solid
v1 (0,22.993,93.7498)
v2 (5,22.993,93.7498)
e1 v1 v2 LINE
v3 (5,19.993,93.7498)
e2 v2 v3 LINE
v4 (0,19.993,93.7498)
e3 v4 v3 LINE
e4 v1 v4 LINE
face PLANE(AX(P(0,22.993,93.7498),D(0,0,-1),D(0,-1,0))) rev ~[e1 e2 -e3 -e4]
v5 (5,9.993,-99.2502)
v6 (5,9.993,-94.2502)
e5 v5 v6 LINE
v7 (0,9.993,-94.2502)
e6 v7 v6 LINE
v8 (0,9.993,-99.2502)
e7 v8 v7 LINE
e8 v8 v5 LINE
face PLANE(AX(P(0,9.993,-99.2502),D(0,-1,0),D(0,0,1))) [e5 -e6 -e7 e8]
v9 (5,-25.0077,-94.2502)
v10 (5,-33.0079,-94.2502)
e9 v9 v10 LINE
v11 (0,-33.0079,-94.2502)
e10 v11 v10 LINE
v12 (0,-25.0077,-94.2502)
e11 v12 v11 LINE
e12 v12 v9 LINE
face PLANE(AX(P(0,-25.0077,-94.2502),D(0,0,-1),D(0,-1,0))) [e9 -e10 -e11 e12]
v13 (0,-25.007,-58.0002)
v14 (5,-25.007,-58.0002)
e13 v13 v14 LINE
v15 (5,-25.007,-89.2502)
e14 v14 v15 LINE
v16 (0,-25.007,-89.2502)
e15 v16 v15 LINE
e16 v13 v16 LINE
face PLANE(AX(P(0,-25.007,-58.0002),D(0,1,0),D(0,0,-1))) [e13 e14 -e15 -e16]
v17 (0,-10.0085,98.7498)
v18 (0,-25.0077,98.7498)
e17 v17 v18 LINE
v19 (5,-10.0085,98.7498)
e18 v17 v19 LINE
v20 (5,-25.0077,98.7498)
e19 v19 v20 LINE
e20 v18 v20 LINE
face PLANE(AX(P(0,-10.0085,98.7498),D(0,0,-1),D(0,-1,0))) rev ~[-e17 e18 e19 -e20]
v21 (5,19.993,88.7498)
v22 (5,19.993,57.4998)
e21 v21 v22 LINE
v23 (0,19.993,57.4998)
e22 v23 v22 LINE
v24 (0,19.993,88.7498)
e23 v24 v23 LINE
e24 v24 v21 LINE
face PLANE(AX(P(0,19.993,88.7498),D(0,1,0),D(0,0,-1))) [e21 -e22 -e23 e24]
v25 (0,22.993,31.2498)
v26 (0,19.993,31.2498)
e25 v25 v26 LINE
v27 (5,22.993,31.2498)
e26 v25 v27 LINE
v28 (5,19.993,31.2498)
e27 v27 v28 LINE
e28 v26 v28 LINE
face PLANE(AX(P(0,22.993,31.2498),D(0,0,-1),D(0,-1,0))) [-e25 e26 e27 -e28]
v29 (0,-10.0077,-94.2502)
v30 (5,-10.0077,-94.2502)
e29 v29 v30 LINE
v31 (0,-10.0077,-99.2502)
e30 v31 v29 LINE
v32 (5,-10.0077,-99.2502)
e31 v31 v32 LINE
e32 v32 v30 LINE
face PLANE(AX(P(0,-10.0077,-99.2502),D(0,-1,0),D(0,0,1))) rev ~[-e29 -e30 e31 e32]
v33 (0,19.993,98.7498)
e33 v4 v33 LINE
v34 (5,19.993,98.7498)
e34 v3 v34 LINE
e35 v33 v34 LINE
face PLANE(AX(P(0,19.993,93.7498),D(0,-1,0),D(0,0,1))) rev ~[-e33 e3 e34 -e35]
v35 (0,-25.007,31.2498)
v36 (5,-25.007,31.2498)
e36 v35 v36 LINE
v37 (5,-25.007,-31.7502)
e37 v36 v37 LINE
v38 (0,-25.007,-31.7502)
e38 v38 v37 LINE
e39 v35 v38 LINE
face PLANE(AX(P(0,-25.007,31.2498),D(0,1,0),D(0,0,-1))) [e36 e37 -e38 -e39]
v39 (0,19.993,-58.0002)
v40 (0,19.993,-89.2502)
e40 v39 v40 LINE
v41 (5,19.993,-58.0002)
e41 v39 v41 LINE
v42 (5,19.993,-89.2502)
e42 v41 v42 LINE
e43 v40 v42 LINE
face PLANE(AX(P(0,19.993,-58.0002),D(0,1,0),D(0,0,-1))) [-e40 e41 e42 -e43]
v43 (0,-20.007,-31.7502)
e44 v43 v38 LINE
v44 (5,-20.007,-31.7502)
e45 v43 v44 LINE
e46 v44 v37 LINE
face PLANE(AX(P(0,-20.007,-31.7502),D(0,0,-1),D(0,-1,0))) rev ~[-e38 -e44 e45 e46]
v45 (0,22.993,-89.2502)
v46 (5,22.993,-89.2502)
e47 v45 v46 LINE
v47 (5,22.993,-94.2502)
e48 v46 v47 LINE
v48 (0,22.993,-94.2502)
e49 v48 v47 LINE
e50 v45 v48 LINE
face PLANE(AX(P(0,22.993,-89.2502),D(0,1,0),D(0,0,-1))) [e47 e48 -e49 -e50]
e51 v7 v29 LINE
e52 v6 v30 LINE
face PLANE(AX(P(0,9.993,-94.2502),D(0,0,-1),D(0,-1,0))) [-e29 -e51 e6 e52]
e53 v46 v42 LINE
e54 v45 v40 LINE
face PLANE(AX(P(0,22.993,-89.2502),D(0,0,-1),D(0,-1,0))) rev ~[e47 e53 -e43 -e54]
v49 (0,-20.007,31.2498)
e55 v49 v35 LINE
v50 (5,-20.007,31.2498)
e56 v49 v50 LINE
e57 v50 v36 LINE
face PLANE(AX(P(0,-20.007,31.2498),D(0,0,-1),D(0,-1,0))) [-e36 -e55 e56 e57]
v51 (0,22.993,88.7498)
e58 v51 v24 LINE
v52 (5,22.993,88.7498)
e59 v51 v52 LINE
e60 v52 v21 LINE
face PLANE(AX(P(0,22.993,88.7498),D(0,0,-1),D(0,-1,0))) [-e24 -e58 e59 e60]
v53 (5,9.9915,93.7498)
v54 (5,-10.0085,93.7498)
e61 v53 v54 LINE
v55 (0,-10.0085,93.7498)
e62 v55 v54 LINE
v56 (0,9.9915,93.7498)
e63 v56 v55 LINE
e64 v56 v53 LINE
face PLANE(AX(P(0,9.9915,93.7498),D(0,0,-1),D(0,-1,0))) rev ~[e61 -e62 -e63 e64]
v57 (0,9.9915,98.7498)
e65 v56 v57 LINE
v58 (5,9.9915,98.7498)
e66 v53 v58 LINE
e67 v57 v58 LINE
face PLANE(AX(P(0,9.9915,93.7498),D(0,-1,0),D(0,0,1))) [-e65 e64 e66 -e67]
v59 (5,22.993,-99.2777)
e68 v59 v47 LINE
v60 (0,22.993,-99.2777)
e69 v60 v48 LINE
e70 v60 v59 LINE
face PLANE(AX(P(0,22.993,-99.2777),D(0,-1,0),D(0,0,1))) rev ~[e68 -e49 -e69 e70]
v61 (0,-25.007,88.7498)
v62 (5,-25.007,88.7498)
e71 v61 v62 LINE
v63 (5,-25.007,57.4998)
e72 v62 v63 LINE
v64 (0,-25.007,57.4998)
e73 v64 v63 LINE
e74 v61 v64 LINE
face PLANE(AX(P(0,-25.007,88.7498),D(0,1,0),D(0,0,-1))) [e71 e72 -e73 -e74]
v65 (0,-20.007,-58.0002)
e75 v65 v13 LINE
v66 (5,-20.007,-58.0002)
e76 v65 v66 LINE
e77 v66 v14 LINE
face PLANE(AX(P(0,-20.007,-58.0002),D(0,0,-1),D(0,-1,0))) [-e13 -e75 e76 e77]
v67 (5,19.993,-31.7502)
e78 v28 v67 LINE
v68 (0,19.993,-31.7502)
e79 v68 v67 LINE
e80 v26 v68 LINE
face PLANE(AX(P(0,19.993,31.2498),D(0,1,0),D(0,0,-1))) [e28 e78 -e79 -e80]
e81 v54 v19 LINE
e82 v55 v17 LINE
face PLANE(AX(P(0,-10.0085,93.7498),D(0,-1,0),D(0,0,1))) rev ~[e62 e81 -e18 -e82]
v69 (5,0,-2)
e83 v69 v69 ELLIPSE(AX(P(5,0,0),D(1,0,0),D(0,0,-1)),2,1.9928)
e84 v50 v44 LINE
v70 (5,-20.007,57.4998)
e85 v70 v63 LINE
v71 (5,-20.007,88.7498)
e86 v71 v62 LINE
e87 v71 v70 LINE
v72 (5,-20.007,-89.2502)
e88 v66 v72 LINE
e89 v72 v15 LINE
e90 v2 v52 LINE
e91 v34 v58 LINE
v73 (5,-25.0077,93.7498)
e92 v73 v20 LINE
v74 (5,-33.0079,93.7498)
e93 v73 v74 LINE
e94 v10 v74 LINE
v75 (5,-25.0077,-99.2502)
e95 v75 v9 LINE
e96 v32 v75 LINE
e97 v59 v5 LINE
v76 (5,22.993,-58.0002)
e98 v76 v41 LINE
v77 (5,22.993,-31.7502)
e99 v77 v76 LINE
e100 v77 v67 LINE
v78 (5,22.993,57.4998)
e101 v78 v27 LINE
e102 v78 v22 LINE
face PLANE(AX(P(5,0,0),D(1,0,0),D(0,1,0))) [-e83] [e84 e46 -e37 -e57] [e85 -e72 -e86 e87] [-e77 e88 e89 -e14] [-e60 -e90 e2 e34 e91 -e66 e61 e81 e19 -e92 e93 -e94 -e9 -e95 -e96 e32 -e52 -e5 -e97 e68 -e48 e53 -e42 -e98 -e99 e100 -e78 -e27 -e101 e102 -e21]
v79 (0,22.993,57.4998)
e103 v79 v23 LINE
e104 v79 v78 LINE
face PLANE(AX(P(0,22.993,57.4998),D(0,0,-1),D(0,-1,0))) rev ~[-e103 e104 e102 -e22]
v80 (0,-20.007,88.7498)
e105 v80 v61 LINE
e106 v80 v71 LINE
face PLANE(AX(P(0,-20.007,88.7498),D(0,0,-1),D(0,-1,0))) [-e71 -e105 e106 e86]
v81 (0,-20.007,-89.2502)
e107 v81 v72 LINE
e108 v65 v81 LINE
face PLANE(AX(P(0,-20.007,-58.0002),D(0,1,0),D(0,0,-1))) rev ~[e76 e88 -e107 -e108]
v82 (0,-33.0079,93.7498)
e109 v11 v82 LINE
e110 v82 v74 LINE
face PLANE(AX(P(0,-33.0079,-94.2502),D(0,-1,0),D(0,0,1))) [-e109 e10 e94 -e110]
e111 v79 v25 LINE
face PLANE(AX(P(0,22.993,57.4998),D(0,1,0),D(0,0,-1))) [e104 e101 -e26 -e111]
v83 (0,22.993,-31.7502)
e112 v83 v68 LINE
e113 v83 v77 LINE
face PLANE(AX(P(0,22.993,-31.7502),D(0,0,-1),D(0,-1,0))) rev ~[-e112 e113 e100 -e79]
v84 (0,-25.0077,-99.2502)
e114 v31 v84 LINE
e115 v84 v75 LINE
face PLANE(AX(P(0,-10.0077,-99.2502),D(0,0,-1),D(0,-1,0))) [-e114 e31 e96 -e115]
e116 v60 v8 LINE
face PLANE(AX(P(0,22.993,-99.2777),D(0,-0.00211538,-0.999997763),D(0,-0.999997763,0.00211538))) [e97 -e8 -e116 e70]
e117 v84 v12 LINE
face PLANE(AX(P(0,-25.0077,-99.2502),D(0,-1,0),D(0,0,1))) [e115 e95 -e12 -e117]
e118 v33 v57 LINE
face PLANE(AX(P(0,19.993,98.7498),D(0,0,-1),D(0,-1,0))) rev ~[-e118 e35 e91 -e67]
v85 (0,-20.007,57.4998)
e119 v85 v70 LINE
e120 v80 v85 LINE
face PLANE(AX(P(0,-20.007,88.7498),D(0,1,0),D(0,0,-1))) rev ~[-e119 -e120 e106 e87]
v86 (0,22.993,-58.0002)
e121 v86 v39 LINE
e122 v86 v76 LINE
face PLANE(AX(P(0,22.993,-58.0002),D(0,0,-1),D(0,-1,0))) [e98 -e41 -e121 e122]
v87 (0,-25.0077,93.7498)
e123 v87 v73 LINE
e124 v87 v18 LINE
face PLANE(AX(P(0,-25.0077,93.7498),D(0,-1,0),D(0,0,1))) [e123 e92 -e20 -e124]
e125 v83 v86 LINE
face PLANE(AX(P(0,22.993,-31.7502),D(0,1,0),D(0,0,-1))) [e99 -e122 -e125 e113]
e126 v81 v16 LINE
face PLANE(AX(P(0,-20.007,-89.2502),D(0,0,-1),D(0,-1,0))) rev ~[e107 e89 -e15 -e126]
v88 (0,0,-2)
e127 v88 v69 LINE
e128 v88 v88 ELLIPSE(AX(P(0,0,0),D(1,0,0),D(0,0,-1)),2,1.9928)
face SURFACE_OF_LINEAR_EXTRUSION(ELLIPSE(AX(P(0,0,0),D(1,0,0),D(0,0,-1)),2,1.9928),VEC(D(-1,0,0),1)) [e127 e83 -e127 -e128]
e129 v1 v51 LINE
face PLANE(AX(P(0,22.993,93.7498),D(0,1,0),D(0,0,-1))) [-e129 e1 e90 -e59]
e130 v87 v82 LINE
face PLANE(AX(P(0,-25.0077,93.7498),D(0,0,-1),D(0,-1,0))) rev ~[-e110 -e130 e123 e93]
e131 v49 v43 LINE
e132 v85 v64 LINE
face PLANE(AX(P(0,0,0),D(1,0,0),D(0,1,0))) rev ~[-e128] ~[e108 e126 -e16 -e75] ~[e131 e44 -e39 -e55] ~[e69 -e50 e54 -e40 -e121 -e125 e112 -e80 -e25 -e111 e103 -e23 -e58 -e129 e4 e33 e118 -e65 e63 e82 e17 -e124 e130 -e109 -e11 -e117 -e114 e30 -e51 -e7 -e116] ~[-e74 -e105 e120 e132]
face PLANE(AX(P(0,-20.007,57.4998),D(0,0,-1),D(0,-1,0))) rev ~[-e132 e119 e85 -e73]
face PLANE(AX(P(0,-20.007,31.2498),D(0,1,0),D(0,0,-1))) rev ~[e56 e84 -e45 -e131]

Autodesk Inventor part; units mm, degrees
ref_plane "YZ Plane" through (0, 0, 0) normal (1, 0, 0) x (0, 1, 0)
ref_plane "XZ Plane" through (0, 0, 0) normal (0, 1, 0) x (-1, 0, 0)
ref_plane "XY Plane" through (0, 0, 0) normal (0, 0, 1) x (1, 0, 0)
sketch "Sketch1" plane through (0, 0, 0) normal (1, 0, 0) x (0, 1, 0)
  ellipse E0 centre (0, 0) end of major axis (0, -2) minor radius 1.9928
  line L0 (-20.007, -58.0002) -> (-20.007, -89.2502) projected
  line L1 (-20.007, -89.2502) -> (-25.007, -89.2502) projected
  line L2 (-25.007, -58.0002) -> (-25.007, -89.2502) projected
  line L3 (-20.007, -58.0002) -> (-25.007, -58.0002) projected
  line L4 (-20.007, 31.2498) -> (-20.007, -31.7502) projected
  line L5 (-20.007, -31.7502) -> (-25.007, -31.7502) projected
  line L6 (-25.007, 31.2498) -> (-25.007, -31.7502) projected
  line L7 (-20.007, 31.2498) -> (-25.007, 31.2498) projected
  line L8 (-20.007, 88.7498) -> (-20.007, 57.4998) projected
  line L9 (-20.007, 57.4998) -> (-25.007, 57.4998) projected
  line L10 (-25.007, 88.7498) -> (-25.007, 57.4998) projected
  line L11 (-20.007, 88.7498) -> (-25.007, 88.7498) projected
  line L12 (-25.0077, 93.7498) -> (-25.0077, 98.7498) projected
  line L13 (-10.0085, 98.7498) -> (-25.0077, 98.7498) projected
  line L14 (-10.0085, 93.7498) -> (-10.0085, 98.7498) projected
  line L15 (9.9915, 93.7498) -> (9.9915, 98.7498) projected
  line L16 (19.993, 98.7498) -> (9.9915, 98.7498) projected
  line L17 (9.9915, 93.7498) -> (-10.0085, 93.7498)
  line L18 (-25.0077, 93.7498) -> (-33.0079, 93.7498)
  line L19 (22.993, -99.2777) -> (9.993, -99.2502)
  line L20 (9.993, -99.2502) -> (9.993, -94.2502) projected
  line L21 (9.993, -94.2502) -> (-10.0077, -94.2502) projected
  line L22 (-10.0077, -99.2502) -> (-10.0077, -94.2502) projected
  line L23 (-10.0077, -99.2502) -> (-25.0077, -99.2502) projected
  line L24 (-25.0077, -99.2502) -> (-25.0077, -94.2502) projected
  line L25 (-25.0077, -94.2502) -> (-33.0079, -94.2502) projected
  line L26 (-33.0079, -94.2502) -> (-33.0079, 93.7498)
  line L27 (22.993, -99.2777) -> (22.993, -94.2502)
  line L28 (22.993, -89.2502) -> (22.993, -94.2502)
  line L29 (22.993, -89.2502) -> (19.993, -89.2502)
  line L30 (19.993, -58.0002) -> (19.993, -89.2502)
  line L31 (22.993, -58.0002) -> (19.993, -58.0002)
  line L32 (22.993, -31.7502) -> (22.993, -58.0002)
  line L33 (22.993, -31.7502) -> (19.993, -31.7502)
  line L34 (19.993, 31.2498) -> (19.993, -31.7502)
  line L35 (22.993, 31.2498) -> (19.993, 31.2498)
  line L36 (22.993, 57.4998) -> (22.993, 31.2498)
  line L37 (22.993, 57.4998) -> (19.993, 57.4998)
  line L38 (19.993, 88.7498) -> (19.993, 57.4998)
  line L39 (22.993, 88.7498) -> (19.993, 88.7498)
  line L40 (22.993, 93.7498) -> (22.993, 88.7498)
  line L41 (22.993, 93.7498) -> (19.993, 93.7498)
  line L42 (19.993, 93.7498) -> (19.993, 98.7498)
  point P0 (-29.9123, 87.1698)
  dimension "d21" = 188
  dimension "d26" = 3
extrude "Extrusion1" add sketch "Sketch1" along normal blind 5
properties part number "case top sides" material "ABS Plastic"
